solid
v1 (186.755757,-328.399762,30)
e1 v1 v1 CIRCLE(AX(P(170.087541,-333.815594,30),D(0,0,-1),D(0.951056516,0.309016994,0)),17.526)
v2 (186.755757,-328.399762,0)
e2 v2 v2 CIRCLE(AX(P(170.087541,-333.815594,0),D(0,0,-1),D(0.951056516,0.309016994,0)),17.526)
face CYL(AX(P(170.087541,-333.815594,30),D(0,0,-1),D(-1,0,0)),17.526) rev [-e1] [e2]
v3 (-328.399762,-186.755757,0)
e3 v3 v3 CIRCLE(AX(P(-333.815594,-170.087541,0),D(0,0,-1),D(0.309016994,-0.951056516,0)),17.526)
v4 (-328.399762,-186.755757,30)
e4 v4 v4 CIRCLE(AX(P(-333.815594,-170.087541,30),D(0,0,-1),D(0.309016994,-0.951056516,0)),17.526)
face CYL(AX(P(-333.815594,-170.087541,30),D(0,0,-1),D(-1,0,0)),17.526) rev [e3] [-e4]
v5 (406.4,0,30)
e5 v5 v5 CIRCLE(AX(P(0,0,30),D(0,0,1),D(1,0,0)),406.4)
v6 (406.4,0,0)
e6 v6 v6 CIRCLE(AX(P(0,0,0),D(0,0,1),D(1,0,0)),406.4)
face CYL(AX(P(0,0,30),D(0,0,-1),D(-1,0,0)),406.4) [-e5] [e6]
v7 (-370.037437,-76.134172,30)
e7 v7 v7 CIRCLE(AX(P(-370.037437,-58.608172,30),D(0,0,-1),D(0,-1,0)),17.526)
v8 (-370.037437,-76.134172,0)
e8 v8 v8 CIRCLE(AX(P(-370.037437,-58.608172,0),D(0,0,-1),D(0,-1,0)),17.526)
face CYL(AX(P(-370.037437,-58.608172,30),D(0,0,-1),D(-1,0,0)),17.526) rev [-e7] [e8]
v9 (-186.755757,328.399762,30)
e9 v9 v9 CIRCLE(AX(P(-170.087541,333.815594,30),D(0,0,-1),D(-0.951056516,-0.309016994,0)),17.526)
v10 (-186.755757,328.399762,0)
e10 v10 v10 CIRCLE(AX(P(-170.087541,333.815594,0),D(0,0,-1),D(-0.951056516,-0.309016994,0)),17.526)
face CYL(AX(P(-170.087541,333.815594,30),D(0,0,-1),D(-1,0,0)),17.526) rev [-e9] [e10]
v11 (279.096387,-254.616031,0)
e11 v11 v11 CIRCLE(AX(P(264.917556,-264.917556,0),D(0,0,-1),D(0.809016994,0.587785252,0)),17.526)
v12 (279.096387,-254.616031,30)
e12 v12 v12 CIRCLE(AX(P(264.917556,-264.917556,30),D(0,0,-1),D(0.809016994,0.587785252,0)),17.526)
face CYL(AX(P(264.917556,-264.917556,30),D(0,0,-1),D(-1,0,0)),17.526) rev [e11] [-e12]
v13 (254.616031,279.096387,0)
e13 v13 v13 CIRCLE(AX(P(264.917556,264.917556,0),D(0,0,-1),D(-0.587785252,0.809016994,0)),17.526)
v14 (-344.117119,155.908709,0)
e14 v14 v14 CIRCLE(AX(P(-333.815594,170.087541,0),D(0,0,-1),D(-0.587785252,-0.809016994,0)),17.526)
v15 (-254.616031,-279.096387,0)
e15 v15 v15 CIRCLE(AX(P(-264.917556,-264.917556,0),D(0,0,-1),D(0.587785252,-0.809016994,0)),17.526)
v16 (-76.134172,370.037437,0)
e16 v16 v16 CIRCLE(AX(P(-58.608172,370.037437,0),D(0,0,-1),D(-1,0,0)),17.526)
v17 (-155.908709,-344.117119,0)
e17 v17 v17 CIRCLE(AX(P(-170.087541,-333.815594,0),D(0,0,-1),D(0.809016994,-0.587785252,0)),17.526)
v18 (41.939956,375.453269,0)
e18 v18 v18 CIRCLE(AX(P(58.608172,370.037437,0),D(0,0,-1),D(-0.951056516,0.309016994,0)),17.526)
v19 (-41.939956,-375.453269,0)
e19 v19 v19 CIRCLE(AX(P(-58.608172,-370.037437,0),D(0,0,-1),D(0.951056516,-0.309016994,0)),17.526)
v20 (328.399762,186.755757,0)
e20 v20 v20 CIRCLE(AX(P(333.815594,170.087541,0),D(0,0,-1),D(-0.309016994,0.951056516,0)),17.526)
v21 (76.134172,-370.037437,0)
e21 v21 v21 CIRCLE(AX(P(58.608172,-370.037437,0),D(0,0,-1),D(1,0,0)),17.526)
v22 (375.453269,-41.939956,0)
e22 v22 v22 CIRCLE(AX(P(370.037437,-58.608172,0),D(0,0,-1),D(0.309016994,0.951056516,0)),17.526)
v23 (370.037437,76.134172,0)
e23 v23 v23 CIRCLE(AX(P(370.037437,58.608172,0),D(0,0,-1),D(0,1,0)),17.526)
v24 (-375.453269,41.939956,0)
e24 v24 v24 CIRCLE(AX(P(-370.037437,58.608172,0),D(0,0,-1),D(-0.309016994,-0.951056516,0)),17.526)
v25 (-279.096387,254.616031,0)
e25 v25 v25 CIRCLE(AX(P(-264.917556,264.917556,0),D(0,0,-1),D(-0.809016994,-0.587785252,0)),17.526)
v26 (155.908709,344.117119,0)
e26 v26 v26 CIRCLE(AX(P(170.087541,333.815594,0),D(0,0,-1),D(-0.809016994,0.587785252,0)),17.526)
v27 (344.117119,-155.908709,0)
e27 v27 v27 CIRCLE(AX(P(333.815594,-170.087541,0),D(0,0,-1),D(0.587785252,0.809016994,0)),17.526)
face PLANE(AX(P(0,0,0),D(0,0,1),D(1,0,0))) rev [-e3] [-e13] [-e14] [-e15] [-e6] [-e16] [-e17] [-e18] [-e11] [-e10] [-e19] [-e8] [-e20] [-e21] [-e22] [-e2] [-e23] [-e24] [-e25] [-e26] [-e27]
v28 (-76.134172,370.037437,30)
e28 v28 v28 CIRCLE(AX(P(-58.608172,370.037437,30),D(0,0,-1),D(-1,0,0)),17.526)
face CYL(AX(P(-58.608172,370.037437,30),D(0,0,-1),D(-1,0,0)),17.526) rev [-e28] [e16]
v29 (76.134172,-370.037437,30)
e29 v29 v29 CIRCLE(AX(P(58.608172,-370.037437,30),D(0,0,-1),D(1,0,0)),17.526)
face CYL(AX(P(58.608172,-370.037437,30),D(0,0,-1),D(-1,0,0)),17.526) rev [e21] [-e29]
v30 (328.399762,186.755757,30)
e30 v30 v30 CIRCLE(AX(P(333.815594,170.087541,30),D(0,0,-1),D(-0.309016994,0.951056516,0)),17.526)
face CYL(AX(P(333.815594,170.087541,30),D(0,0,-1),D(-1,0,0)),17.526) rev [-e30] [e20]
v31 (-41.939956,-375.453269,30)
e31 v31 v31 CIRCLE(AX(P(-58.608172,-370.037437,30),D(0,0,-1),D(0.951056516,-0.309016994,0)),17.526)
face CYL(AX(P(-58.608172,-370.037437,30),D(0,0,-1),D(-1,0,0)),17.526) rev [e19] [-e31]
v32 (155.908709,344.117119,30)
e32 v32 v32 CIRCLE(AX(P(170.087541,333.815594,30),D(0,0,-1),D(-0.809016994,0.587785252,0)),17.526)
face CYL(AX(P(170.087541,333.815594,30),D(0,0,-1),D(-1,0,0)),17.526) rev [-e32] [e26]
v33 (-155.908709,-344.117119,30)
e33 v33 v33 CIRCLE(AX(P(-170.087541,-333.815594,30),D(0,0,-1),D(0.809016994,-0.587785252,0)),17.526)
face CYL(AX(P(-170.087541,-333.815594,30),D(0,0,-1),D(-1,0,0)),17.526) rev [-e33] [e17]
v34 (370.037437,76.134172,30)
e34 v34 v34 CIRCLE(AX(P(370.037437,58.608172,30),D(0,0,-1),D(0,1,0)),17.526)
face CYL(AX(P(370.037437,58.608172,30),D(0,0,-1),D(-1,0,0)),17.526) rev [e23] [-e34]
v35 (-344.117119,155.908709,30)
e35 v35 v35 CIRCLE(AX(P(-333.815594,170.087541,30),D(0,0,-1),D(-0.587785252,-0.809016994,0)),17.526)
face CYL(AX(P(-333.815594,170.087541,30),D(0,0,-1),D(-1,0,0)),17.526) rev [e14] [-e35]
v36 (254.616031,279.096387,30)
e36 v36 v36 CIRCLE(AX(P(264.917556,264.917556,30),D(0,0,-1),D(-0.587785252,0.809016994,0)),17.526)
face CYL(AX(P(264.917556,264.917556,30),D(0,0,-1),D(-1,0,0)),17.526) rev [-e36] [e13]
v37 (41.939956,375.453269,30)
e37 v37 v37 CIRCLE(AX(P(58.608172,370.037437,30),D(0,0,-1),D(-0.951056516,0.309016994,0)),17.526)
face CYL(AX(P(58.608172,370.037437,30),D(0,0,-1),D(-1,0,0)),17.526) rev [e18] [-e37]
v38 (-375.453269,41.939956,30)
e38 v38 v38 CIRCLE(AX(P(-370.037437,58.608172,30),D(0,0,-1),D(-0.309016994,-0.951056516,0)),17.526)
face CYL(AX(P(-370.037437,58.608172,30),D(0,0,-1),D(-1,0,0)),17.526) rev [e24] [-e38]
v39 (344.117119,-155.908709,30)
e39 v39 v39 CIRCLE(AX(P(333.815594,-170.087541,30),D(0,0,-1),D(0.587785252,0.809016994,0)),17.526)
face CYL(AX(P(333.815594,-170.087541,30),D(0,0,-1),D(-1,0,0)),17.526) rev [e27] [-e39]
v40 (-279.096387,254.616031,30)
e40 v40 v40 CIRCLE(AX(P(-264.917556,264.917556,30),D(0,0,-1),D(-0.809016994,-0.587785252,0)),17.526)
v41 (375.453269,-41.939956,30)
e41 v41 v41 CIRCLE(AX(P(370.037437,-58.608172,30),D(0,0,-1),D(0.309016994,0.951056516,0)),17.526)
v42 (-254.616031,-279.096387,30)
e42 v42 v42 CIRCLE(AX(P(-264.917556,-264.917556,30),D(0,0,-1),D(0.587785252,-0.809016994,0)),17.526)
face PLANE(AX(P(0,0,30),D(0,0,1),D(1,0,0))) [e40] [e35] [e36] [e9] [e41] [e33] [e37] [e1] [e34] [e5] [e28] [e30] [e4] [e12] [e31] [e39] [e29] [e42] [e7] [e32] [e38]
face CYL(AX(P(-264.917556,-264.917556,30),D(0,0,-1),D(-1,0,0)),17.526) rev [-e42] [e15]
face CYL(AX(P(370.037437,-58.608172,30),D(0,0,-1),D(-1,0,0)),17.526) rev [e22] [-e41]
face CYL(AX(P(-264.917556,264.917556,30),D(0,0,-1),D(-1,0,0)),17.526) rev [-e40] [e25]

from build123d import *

# Parameters (mm, degrees)
SKETCH1_R          = 406.4
EXTRUDE1_DEPTH     = 30
SKETCH2_R          = 17.526
CUT_EXTRUDE1_DEPTH = 31
CIRPATTERN1_COUNT  = 20


with BuildPart() as part:
    # Sketch1 → Extrude1 (new body)
    with BuildSketch(Plane.XY):
        Circle(SKETCH1_R)
    extrude(amount=EXTRUDE1_DEPTH)

    # Sketch2 → Cut-Extrude1 (cut, through all)
    with BuildSketch(Plane(origin=(0, 0, 0), x_dir=(-1, 0, 0), z_dir=(0, 0, -1))):
        with Locations((58.608172327, 370.037436804)):
            Circle(SKETCH2_R)
    cut_extrude1 = extrude(amount=-CUT_EXTRUDE1_DEPTH, mode=Mode.SUBTRACT)

    # CirPattern1: Cut-Extrude1 ×20 about axis
    cirpattern1_axis = Axis((0, 0, 0), (0, 0, 1))
    for i in range(1, CIRPATTERN1_COUNT):
        add(cut_extrude1.rotate(cirpattern1_axis, i * 360 / CIRPATTERN1_COUNT), mode=Mode.SUBTRACT)


solid = part.part
